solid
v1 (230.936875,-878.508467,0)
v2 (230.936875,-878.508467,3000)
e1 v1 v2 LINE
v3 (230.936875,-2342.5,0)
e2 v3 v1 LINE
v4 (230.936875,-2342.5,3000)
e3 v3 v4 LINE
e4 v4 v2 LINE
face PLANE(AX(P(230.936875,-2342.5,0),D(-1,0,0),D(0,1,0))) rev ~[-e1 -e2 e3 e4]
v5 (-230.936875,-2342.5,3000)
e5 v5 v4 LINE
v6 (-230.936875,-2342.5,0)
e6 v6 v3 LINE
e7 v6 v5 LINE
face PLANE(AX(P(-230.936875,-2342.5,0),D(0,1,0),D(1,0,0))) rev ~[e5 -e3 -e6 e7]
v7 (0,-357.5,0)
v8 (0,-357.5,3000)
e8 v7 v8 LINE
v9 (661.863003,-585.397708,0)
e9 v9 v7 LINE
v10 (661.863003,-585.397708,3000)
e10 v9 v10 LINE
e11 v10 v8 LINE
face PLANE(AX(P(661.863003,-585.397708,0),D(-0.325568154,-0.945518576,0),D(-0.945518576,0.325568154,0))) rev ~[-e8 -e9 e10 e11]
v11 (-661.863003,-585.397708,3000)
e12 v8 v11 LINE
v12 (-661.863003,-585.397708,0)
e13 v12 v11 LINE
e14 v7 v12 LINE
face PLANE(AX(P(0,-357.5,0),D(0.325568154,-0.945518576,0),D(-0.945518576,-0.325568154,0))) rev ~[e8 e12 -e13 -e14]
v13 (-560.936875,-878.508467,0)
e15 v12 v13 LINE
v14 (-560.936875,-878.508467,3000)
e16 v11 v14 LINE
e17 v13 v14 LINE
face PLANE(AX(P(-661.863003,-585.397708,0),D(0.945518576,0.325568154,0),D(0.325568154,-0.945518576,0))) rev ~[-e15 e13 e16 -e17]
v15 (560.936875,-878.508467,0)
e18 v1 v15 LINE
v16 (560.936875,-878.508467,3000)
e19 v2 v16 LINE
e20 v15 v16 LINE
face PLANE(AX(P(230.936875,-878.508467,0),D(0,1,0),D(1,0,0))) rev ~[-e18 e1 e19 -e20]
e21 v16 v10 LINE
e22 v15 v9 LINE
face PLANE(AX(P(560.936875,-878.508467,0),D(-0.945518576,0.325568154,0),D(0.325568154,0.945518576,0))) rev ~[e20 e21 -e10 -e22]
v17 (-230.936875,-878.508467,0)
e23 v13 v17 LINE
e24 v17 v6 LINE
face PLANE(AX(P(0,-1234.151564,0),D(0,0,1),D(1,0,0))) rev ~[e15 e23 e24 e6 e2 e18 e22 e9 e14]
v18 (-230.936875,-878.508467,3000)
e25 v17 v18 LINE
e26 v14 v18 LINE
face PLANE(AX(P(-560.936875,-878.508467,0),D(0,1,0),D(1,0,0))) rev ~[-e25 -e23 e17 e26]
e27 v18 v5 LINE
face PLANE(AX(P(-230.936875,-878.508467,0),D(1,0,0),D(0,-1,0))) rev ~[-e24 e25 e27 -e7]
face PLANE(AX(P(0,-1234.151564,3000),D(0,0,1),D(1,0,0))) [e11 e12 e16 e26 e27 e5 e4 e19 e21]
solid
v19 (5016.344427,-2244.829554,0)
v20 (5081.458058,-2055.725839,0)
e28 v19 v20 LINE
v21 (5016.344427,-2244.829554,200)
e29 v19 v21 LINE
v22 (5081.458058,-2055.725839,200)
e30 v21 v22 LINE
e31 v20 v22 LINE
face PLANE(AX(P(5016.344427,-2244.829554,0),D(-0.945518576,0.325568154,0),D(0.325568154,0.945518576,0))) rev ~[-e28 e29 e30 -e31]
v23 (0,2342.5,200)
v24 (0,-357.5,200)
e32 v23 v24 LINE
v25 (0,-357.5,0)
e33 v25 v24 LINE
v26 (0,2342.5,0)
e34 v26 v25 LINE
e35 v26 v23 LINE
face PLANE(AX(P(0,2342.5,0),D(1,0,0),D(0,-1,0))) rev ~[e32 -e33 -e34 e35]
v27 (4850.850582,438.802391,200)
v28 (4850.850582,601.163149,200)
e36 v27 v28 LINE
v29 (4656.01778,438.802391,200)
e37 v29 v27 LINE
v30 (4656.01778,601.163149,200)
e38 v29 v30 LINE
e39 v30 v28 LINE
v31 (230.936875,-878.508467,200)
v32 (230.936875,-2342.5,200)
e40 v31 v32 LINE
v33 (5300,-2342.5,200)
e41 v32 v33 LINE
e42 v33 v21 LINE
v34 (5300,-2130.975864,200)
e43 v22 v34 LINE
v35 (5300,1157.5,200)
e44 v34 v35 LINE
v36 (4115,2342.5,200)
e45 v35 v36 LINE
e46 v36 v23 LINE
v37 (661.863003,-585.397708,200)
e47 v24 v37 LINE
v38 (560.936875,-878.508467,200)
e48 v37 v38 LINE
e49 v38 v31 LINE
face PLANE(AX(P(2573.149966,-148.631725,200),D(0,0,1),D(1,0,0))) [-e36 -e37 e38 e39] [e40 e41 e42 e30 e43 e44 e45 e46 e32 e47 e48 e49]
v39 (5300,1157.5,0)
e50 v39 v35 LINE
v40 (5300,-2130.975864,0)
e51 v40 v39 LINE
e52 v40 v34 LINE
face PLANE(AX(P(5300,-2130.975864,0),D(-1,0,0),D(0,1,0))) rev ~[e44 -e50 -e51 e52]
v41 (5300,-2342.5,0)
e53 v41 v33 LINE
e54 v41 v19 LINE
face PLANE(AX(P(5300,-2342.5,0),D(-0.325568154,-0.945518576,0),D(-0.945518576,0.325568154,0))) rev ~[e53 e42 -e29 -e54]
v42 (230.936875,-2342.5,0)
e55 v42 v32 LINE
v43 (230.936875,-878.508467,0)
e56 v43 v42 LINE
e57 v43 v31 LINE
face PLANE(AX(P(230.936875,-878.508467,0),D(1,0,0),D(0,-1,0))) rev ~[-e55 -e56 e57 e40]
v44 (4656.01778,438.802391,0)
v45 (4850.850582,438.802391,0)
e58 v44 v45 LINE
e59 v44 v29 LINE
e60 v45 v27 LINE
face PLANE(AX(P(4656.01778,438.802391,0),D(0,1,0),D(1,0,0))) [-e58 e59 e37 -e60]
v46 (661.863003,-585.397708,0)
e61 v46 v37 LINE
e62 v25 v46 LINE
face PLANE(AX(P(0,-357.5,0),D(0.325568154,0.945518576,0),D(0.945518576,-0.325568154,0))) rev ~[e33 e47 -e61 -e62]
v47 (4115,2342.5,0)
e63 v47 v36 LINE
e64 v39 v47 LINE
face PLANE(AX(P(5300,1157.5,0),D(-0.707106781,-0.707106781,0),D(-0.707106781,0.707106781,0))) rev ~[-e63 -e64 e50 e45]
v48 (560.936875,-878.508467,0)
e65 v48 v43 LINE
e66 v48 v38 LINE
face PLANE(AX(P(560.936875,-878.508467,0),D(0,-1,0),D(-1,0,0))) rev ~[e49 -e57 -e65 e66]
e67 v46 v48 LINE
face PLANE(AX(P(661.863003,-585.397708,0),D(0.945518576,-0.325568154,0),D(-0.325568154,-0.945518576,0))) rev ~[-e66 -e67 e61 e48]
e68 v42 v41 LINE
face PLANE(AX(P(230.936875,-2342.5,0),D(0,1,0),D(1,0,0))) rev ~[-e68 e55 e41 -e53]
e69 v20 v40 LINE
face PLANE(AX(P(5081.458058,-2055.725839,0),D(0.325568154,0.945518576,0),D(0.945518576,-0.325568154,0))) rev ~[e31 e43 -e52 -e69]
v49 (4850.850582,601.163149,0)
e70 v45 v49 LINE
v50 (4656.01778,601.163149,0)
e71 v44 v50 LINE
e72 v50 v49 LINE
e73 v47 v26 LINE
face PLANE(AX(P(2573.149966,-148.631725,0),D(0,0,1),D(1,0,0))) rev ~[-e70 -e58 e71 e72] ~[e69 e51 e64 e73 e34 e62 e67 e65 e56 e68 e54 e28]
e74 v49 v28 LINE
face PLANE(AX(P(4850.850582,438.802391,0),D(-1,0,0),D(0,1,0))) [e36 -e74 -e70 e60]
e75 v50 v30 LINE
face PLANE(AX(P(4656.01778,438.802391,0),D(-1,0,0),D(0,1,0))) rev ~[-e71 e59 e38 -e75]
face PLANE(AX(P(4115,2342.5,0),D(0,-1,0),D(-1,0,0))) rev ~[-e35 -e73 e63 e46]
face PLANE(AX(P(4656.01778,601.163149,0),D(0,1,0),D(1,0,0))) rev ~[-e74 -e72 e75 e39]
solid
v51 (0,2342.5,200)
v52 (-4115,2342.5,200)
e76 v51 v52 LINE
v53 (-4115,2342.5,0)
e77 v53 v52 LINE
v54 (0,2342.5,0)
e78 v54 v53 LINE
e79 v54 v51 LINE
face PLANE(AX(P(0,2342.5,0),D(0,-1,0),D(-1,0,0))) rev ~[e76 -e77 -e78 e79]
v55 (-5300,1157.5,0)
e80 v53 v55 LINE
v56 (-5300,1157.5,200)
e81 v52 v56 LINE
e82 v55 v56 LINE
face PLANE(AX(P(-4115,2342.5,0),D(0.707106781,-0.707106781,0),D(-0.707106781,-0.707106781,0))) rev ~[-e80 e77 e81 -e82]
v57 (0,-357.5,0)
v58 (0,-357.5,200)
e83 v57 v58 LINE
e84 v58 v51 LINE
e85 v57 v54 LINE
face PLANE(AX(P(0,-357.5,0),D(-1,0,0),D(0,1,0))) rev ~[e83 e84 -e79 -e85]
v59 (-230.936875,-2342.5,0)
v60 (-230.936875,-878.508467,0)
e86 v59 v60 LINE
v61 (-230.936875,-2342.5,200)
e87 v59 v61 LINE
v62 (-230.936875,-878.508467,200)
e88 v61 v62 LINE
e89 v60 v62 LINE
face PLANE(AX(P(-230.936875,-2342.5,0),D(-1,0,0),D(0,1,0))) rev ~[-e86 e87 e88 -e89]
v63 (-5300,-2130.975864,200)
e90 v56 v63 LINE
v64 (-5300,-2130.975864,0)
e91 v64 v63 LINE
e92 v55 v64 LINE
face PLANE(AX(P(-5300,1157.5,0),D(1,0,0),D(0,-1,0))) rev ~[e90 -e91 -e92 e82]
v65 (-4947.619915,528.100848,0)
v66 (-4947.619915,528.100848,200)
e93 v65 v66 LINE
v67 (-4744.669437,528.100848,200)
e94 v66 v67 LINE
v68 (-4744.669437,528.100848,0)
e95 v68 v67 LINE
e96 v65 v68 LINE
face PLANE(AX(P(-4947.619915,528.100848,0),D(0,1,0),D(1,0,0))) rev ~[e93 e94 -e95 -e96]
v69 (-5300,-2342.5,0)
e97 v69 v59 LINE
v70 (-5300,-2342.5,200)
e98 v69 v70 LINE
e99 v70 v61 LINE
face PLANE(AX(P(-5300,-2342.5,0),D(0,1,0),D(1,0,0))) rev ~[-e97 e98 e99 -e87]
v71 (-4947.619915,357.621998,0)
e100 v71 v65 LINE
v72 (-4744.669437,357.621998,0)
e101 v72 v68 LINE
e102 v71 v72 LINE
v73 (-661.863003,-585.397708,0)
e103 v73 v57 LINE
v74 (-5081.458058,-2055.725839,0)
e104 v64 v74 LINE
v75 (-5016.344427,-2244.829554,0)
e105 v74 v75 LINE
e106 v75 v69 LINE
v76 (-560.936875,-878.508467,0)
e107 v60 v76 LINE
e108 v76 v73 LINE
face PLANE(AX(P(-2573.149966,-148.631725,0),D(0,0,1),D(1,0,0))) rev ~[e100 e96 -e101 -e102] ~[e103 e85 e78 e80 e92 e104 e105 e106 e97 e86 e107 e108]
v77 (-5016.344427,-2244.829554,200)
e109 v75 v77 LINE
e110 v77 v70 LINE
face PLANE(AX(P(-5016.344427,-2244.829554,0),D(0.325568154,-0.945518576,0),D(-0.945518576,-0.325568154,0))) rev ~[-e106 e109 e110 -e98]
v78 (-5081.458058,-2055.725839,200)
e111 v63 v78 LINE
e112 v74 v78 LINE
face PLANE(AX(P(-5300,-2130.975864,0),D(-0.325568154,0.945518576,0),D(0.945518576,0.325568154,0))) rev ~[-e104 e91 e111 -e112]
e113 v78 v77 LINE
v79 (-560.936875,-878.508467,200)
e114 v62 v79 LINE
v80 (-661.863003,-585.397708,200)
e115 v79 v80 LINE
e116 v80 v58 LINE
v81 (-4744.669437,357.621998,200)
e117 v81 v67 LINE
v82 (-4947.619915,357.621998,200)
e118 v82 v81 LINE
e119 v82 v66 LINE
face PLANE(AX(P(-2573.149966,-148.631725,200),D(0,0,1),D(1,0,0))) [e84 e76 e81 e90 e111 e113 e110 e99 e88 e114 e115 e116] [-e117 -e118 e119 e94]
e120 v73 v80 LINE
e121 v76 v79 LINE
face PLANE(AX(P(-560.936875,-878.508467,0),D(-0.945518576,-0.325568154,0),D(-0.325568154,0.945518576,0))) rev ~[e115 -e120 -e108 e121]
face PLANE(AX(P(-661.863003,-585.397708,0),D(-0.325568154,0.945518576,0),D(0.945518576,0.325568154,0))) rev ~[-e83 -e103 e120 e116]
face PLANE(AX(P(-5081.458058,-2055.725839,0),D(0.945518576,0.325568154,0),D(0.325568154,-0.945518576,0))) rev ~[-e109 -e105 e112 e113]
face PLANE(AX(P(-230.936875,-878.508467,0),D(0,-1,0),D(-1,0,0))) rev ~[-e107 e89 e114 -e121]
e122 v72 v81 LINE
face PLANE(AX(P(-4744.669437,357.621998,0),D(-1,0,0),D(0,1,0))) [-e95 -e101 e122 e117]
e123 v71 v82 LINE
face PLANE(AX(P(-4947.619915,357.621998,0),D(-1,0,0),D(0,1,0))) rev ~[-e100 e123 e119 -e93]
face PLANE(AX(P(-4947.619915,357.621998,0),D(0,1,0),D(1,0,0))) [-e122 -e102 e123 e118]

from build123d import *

# Parameters (mm, degrees)
F1_W      = 202.9504776001
F1_H      = 170.4788506031
F2_DEPTH  = 200
F1_W_2    = 194.8328018188
F1_H_2    = 162.3607575893
F3_DEPTH  = 200
F4_DEPTH  = 3000
F5_W      = 700
F5_H      = 700
F6_DEPTH  = 500
F7_DEPTH  = 1000
F8_DEPTH  = 1000
F5_W_2    = 661.8630029195
F5_H_2    = 172.10229188
F9_DEPTH  = 1000
F10_W     = 2400
F10_H     = 500
F11_DEPTH = 600
F12_W     = 2400
F12_H     = 500
F13_DEPTH = 600
F14_W     = 200
F14_H     = 700
F15_DEPTH = 500


with BuildPart() as f2:
    # F1 (on Top) → F2 (new body)
    with BuildSketch(Plane.XY):
        Polygon((0, 2342.5), (-4115, 2342.5), (-5300, 1157.5), (-5300, -2130.9758637627), (-5081.4580582116, -2055.725838543), (-5016.3444273202, -2244.8295536629), (-5300, -2342.5), (-230.9368750378, -2342.5), (-230.9368750378, -878.5084665558), (-560.9368750378, -878.5084665558), (-661.8630029195, -585.39770812), (0, -357.5), align=None)
        with Locations((-4846.1446762085, 442.8614228964)):
            Rectangle(F1_W, F1_H, mode=Mode.SUBTRACT)
    extrude(amount=F2_DEPTH)

    # F10 (on face) → F11 (cut)
    with BuildSketch(Plane.YZ.offset(700)):
        with Locations((442.5, 950)):
            Rectangle(F10_W, F10_H)
    extrude(amount=F11_DEPTH, mode=Mode.SUBTRACT)

    # F12 (on face) → F13 (cut)
    with BuildSketch(Plane(origin=(-700, 0, 0), x_dir=(0, -1, 0), z_dir=(-1, 0, 0))):
        with Locations((-442.5, 950)):
            Rectangle(F12_W, F12_H)
    extrude(amount=F13_DEPTH, mode=Mode.SUBTRACT)


with BuildPart() as f3:
    # F1 (on Top) → F3 (new body)
    with BuildSketch(Plane.XY):
        Polygon((4115, 2342.5), (0, 2342.5), (0, -357.5), (661.8630029195, -585.39770812), (560.9368750378, -878.5084665558), (230.9368750378, -878.5084665558), (230.9368750378, -2342.5), (5300, -2342.5), (5016.3444273202, -2244.8295536629), (5081.4580582116, -2055.725838543), (5300, -2130.9758637627), (5300, 1157.5), align=None)
        with Locations((4753.4341812134, 519.9827700853)):
            Rectangle(F1_W_2, F1_H_2, mode=Mode.SUBTRACT)
    extrude(amount=F3_DEPTH)


with BuildPart() as f4:
    # F1 (on Top) → F4 (new body)
    with BuildSketch(Plane.XY):
        Polygon((661.8630029195, -585.39770812), (0, -357.5), (-661.8630029195, -585.39770812), (-560.9368750378, -878.5084665558), (-230.9368750378, -878.5084665558), (-230.9368750378, -2342.5), (230.9368750378, -2342.5), (230.9368750378, -878.5084665558), (560.9368750378, -878.5084665558), align=None)
    extrude(amount=F4_DEPTH)


with BuildPart() as f6:
    # F5 (on face) → F6 (new body)
    with BuildSketch(Plane.XY.offset(200)):
        with Locations((-350, 1992.5)):
            Rectangle(F5_W, F5_H)
        with Locations((350, 1992.5)):
            Rectangle(F5_W, F5_H)
    extrude(amount=F6_DEPTH)


with BuildPart() as f7:
    # F5 (on face) → F7 (new body)
    with BuildSketch(Plane.XY.offset(200)):
        Polygon((700, 1642.5), (0, 1642.5), (0, -357.5), (661.8630029195, -585.39770812), (661.8630029195, -757.5), (700, -757.5), align=None)
    extrude(amount=F7_DEPTH)


with BuildPart() as f8:
    # F5 (on face) → F8 (new body)
    with BuildSketch(Plane.XY.offset(200)):
        Polygon((0, 1642.5), (-700, 1642.5), (-700, -757.5), (-661.8630029195, -757.5), (-661.8630029195, -585.39770812), (0, -357.5), align=None)
    extrude(amount=F8_DEPTH)


with BuildPart() as f9:
    # F5 (on face) → F9 (new body)
    with BuildSketch(Plane.XY.offset(200)):
        with Locations((330.9315014598, -671.44885406)):
            Rectangle(F5_W_2, F5_H_2)
    extrude(amount=F9_DEPTH)


with BuildPart() as f9b:
    # F5 (on face) → F9, piece 2 (new body)
    with BuildSketch(Plane.XY.offset(200)):
        Polygon((-661.8630029195, -585.39770812), (-661.8630029195, -757.5), (-602.6034315148, -757.5), align=None)
    extrude(amount=F9_DEPTH)


with BuildPart() as f15:
    # F14 (on face) → F15 (new body, through all)
    with BuildSketch(Plane.XY.offset(700)):
        with Locations((0, 1992.5)):
            Rectangle(F14_W, F14_H)
    extrude(amount=F15_DEPTH)


solid = Compound([f2.part, f3.part, f4.part])
